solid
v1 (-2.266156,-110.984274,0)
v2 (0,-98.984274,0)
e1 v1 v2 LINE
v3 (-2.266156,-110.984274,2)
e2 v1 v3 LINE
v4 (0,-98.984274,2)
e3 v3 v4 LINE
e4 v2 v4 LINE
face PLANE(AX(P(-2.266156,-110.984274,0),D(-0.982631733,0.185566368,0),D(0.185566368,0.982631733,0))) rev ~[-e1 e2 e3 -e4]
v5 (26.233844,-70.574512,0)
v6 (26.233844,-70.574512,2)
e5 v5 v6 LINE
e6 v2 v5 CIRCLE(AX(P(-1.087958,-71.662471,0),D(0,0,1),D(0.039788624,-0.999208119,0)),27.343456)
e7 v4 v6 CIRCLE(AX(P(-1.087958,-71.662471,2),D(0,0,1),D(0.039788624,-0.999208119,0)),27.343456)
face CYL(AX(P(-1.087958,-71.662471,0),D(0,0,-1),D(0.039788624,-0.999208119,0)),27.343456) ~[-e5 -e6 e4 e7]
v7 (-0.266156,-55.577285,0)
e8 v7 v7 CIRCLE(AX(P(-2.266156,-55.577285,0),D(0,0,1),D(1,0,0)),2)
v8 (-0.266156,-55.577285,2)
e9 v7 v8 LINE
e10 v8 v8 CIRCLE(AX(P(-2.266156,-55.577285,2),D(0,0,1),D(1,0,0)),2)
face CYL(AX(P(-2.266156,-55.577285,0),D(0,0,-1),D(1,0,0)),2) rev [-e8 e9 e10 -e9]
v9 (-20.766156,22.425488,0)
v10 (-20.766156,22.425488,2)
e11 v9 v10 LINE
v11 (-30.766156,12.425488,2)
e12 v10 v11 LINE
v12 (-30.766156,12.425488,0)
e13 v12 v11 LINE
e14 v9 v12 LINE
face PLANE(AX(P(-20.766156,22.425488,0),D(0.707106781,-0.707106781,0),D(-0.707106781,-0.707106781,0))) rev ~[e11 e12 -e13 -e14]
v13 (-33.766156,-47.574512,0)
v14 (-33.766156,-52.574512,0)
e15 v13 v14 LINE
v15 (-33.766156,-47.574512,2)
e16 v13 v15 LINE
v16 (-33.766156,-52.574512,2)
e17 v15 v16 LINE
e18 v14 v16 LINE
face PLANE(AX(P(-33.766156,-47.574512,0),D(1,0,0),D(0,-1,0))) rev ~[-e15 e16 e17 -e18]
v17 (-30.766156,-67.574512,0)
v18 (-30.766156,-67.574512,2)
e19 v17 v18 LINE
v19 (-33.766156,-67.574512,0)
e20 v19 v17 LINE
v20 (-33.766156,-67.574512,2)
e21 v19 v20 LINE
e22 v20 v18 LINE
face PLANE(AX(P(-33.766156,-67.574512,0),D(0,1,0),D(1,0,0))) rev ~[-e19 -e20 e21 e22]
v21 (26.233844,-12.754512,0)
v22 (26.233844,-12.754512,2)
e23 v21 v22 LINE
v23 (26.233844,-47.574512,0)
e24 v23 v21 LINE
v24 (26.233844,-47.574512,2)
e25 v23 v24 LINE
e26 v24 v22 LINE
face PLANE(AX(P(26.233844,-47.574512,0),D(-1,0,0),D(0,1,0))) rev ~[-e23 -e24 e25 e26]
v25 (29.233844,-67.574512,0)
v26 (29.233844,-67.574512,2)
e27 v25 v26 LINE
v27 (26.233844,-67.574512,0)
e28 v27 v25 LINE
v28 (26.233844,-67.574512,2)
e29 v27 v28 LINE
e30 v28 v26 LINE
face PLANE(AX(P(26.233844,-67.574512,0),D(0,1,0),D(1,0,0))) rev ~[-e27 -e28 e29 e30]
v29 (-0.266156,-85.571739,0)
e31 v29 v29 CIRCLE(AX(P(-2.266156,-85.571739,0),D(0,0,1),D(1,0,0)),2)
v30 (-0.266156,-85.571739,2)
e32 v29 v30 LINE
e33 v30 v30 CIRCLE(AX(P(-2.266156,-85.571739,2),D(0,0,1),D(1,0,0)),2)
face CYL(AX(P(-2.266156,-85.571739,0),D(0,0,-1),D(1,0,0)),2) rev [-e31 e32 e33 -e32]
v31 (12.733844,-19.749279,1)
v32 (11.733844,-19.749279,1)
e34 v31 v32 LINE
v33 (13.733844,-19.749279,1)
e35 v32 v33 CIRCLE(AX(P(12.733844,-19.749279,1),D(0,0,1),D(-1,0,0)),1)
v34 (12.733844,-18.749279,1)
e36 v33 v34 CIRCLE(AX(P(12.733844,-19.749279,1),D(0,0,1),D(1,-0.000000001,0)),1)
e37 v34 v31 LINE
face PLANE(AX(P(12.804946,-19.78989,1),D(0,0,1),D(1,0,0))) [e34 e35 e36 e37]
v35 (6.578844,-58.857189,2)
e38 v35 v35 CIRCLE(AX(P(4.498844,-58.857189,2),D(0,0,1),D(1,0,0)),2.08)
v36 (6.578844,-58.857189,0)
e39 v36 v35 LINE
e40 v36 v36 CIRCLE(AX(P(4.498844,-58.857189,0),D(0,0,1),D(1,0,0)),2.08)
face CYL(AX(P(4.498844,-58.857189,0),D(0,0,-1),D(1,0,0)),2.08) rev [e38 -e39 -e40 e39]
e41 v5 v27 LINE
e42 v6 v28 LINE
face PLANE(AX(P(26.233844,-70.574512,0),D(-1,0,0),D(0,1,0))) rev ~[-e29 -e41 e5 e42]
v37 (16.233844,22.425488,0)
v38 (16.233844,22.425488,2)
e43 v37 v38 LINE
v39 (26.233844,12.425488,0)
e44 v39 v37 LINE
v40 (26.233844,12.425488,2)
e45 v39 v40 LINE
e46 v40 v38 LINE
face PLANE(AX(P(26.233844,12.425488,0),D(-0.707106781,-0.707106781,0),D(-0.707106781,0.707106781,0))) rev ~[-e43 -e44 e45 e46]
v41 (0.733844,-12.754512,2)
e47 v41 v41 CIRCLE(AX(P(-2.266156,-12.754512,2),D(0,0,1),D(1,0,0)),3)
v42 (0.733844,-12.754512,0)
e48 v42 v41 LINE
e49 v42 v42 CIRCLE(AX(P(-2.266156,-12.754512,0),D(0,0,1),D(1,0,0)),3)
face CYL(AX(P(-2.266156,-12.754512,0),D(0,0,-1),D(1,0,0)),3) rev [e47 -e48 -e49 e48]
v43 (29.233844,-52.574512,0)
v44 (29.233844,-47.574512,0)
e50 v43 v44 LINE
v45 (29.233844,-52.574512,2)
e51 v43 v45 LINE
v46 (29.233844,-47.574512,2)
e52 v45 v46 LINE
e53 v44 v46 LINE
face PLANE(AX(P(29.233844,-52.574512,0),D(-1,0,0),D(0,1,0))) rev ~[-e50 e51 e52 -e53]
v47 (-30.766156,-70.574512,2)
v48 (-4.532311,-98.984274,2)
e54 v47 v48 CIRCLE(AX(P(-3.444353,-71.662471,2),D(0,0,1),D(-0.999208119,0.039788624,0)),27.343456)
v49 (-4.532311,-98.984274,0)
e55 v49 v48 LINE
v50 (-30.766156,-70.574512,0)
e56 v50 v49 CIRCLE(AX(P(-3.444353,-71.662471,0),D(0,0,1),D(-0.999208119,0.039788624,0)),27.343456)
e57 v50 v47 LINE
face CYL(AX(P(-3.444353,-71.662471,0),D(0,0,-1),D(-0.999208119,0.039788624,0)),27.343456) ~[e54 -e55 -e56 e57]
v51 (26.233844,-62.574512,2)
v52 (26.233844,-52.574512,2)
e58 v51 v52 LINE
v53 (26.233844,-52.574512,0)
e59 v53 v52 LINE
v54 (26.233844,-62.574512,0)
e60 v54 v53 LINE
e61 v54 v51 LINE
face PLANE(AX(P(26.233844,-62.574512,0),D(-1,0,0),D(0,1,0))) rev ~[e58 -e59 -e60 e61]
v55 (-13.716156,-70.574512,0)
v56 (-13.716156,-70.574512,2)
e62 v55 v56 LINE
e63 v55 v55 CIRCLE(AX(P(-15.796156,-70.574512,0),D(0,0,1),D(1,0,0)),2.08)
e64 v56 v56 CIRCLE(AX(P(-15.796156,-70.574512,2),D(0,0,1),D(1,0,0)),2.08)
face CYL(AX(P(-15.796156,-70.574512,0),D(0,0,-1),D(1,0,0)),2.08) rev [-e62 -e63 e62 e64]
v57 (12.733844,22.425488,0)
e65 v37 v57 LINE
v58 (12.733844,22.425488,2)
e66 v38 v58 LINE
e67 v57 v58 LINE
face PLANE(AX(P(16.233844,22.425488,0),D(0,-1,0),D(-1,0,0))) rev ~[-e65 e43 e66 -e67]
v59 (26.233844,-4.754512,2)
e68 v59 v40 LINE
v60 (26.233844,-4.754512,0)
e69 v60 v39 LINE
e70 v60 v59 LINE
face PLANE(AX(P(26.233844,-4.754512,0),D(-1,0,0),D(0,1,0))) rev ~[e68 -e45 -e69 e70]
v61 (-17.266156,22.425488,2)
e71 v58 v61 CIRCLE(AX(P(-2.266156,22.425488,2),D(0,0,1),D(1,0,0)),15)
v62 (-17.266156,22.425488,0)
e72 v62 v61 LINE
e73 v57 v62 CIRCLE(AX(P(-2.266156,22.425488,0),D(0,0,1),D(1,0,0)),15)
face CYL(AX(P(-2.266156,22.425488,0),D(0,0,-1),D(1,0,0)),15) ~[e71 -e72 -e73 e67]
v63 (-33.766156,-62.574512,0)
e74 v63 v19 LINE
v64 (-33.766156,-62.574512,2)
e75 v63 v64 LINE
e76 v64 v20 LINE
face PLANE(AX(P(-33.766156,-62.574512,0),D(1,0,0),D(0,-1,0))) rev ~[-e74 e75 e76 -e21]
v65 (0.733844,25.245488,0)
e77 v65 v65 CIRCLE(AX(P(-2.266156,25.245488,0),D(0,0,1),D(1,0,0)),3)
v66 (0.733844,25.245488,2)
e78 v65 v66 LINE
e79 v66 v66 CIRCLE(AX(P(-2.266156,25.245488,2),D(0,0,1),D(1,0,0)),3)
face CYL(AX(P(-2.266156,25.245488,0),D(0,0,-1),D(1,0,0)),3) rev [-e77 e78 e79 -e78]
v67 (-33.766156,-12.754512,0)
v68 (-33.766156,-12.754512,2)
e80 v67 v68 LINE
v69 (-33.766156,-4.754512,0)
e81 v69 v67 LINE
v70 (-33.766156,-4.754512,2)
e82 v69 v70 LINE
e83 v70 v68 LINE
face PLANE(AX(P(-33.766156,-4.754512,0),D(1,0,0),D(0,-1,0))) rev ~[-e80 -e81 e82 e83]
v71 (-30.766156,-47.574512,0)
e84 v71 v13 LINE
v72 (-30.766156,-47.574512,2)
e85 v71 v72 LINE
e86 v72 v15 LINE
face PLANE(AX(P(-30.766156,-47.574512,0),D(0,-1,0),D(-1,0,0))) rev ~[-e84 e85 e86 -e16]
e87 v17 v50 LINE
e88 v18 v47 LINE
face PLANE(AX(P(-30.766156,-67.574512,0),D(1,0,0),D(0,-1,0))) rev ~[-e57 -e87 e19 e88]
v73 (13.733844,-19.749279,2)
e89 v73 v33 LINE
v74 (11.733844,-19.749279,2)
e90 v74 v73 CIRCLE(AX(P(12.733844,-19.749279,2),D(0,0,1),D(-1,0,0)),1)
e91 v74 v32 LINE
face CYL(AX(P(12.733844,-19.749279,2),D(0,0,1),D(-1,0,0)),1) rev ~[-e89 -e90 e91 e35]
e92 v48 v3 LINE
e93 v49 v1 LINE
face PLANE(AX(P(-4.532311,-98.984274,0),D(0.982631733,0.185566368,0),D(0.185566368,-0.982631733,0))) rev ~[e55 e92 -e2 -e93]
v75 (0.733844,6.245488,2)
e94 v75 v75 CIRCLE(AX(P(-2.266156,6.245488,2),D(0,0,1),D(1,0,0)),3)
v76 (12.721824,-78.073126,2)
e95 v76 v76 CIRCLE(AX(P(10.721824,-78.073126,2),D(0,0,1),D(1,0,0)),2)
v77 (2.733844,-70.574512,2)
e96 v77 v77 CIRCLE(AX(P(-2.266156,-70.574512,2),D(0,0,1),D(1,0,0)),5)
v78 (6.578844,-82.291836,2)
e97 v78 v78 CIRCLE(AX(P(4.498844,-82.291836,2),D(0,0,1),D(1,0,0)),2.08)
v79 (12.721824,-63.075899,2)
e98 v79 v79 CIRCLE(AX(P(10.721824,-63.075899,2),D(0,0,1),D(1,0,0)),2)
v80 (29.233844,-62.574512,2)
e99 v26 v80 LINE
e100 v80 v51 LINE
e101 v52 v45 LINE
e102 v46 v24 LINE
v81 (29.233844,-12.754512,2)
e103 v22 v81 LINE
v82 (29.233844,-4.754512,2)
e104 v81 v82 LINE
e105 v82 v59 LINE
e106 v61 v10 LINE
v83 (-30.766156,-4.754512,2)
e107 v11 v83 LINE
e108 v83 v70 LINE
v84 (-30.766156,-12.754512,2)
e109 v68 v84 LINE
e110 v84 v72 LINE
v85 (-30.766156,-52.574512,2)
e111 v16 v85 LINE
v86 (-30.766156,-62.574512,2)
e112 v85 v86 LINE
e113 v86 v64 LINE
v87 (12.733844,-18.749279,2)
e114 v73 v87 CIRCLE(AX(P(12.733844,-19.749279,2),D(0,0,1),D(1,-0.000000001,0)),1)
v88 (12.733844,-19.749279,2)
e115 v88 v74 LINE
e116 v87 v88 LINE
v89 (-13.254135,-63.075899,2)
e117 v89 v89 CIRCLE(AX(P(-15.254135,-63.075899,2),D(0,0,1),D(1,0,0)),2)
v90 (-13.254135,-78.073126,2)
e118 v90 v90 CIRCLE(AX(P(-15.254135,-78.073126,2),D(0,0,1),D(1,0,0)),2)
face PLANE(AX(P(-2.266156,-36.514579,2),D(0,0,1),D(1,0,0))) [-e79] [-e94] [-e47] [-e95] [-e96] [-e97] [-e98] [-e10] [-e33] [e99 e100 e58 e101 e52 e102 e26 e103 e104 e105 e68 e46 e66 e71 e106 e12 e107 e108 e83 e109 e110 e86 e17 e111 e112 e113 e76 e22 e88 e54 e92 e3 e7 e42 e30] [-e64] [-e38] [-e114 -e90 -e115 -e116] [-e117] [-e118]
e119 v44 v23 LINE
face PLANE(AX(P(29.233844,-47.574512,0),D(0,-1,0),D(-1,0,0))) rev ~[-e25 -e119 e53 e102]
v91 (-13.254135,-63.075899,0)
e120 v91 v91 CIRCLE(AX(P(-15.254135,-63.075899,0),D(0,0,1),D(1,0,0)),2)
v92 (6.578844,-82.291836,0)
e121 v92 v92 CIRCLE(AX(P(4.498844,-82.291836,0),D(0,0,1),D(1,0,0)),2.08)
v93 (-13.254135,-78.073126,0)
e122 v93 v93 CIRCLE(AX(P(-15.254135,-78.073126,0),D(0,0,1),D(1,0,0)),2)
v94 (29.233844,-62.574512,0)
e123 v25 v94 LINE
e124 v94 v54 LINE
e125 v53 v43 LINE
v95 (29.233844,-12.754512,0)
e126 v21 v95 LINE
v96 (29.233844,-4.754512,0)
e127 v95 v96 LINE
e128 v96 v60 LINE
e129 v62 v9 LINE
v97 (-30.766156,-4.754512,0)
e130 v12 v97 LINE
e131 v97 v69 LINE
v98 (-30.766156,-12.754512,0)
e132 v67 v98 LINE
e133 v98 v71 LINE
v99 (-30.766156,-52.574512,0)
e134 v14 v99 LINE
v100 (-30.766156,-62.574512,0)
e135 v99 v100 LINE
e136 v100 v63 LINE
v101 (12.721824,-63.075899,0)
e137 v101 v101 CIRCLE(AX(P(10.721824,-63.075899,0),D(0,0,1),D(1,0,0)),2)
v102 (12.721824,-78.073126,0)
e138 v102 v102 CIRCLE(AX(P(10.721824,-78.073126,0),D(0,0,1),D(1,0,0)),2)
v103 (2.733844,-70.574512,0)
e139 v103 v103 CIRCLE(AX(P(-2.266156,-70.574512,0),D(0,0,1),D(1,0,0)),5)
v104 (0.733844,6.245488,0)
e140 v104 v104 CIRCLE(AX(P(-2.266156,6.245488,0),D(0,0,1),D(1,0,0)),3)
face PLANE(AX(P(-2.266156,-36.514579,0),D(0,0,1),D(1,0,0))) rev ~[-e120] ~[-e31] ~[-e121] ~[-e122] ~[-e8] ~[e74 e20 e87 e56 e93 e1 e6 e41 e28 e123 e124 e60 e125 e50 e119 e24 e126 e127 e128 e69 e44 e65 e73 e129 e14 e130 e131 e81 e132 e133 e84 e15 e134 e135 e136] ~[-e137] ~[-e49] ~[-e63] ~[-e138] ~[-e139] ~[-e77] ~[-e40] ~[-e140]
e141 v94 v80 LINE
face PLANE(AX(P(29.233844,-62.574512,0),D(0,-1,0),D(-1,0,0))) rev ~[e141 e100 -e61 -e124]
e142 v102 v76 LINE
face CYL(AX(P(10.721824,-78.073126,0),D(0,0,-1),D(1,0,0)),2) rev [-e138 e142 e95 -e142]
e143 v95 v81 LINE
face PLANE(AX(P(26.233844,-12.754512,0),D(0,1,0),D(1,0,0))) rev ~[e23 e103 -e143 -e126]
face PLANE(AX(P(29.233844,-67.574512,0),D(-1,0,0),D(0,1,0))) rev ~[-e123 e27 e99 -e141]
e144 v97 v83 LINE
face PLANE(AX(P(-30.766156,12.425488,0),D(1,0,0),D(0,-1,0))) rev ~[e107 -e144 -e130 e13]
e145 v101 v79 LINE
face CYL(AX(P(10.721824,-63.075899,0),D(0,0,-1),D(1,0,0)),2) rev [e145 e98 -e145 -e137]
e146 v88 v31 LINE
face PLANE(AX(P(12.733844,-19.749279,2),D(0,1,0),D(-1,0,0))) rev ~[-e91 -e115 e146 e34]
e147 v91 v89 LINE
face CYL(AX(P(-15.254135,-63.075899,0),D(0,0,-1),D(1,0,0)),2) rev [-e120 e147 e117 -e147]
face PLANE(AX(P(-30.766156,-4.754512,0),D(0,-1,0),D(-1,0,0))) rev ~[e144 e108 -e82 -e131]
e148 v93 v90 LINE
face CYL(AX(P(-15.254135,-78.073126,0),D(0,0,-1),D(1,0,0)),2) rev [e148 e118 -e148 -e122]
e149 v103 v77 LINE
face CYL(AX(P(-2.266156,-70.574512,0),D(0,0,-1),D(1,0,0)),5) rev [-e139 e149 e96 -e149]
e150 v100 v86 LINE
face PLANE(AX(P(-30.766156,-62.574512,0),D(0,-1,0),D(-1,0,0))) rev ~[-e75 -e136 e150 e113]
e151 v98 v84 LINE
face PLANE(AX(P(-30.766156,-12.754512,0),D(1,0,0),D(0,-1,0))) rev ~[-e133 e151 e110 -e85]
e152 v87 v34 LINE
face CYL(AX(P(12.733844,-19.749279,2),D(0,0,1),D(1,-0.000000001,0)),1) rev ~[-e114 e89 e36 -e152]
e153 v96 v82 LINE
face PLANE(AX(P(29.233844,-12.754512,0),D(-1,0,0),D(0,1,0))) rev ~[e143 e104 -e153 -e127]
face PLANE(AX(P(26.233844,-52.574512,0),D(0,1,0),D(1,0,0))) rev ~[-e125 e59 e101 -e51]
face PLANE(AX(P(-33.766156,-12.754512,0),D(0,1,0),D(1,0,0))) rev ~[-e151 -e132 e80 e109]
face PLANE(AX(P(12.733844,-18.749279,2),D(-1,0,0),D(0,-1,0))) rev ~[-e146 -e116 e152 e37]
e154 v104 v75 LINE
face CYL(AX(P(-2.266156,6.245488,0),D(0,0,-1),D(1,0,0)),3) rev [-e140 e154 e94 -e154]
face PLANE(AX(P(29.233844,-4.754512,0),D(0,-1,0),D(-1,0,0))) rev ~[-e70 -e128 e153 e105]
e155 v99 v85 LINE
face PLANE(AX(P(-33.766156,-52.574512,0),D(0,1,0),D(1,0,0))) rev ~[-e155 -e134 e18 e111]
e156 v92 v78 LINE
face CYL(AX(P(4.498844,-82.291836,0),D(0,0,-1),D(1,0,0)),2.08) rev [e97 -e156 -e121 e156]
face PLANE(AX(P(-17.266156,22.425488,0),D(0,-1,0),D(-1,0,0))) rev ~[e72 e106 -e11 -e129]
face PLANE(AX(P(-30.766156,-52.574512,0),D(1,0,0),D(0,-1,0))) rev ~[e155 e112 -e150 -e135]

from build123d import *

# Parameters (mm, degrees)
SKETCH_1_R          = 2
SKETCH_1_R_2        = 2.08
SKETCH_1_R_3        = 5
SKETCH_1_R_4        = 3
EXTRUDE_1_DEPTH     = 2
CUT_EXTRUDE_1_DEPTH = 1


with BuildPart() as part:
    # 草图1 → 凸台-拉伸1 (new body)
    with BuildSketch(Plane.XY):
        with BuildLine():
            Line((26.233844386, -52.574512395), (29.233844386, -52.574512395))
            Line((29.233844386, -52.574512395), (29.233844386, -47.574512395))
            Line((29.233844386, -47.574512395), (26.233844386, -47.574512395))
            Line((26.233844386, -47.574512395), (26.233844386, -12.754512395))
            Line((26.233844386, -12.754512395), (29.233844386, -12.754512395))
            Line((29.233844386, -12.754512395), (29.233844386, -4.754512395))
            Line((29.233844386, -4.754512395), (26.233844386, -4.754512395))
            Line((26.233844386, -4.754512395), (26.233844386, -4.654512395))
            Line((26.233844386, -4.654512395), (26.233844386, 12.425487605))
            Line((26.233844386, 12.425487605), (16.233844386, 22.425487605))
            Line((16.233844386, 22.425487605), (12.733844386, 22.425487605))
            ThreePointArc((12.733844386, 22.425487605), (-2.266155614, 37.425487605), (-17.266155614, 22.425487605))
            Line((-17.266155614, 22.425487605), (-20.766155614, 22.425487605))
            Line((-20.766155614, 22.425487605), (-30.766155614, 12.425487605))
            Line((-30.766155614, 12.425487605), (-30.766155614, -4.654512395))
            Line((-30.766155614, -4.654512395), (-30.766155614, -4.754512395))
            Line((-30.766155614, -4.754512395), (-33.766155614, -4.754512395))
            Line((-33.766155614, -4.754512395), (-33.766155614, -12.754512395))
            Line((-33.766155614, -12.754512395), (-30.766155614, -12.754512395))
            Line((-30.766155614, -12.754512395), (-30.766155614, -47.574512395))
            Line((-30.766155614, -47.574512395), (-33.766155614, -47.574512395))
            Line((-33.766155614, -47.574512395), (-33.766155614, -52.574512395))
            Line((-33.766155614, -52.574512395), (-30.766155614, -52.574512395))
            Line((-30.766155614, -52.574512395), (-30.766155614, -54.574512395))
            Line((-30.766155614, -54.574512395), (-30.766155614, -57.574512395))
            Line((-30.766155614, -57.574512395), (-30.766155614, -62.574512395))
            Line((-30.766155614, -62.574512395), (-33.766155614, -62.574512395))
            Line((-33.766155614, -62.574512395), (-33.766155614, -67.574512395))
            Line((-33.766155614, -67.574512395), (-30.766155614, -67.574512395))
            Line((-30.766155614, -67.574512395), (-30.766155614, -70.574512395))
            ThreePointArc((-30.766155614, -70.574512395), (-23.533087643, -90.212600129), (-4.532311227, -98.984273724))
            Line((-4.532311227, -98.984273724), (-2.266155614, -110.984273724))
            Line((-2.266155614, -110.984273724), (0, -98.984273724))
            ThreePointArc((0, -98.984273724), (19.000776416, -90.212600129), (26.233844386, -70.574512395))
            Line((26.233844386, -70.574512395), (26.233844386, -67.574512395))
            Line((26.233844386, -67.574512395), (29.233844386, -67.574512395))
            Line((29.233844386, -67.574512395), (29.233844386, -62.574512395))
            Line((29.233844386, -62.574512395), (26.233844386, -62.574512395))
            Line((26.233844386, -62.574512395), (26.233844386, -57.574512395))
            Line((26.233844386, -57.574512395), (26.233844386, -54.574512395))
            Line((26.233844386, -54.574512395), (26.233844386, -52.574512395))
        make_face()
        with Locations((-2.266155614, -85.571739483)):
            Circle(SKETCH_1_R, mode=Mode.SUBTRACT)
        with Locations((-15.254135258, -78.073125939)):
            Circle(SKETCH_1_R, mode=Mode.SUBTRACT)
        with Locations((-15.254135258, -63.075898852)):
            Circle(SKETCH_1_R, mode=Mode.SUBTRACT)
        with Locations((-2.266155614, -55.577285308)):
            Circle(SKETCH_1_R, mode=Mode.SUBTRACT)
        with Locations((10.721824031, -63.075898852)):
            Circle(SKETCH_1_R, mode=Mode.SUBTRACT)
        with Locations((10.721824031, -78.073125939)):
            Circle(SKETCH_1_R, mode=Mode.SUBTRACT)
        with Locations((-15.796155614, -70.574512395)):
            Circle(SKETCH_1_R_2, mode=Mode.SUBTRACT)
        with Locations((4.498844386, -58.857188682)):
            Circle(SKETCH_1_R_2, mode=Mode.SUBTRACT)
        with Locations((4.498844386, -82.291836109)):
            Circle(SKETCH_1_R_2, mode=Mode.SUBTRACT)
        with Locations((-2.266155614, -70.574512395)):
            Circle(SKETCH_1_R_3, mode=Mode.SUBTRACT)
        with Locations((-2.266155614, -12.754512395)):
            Circle(SKETCH_1_R_4, mode=Mode.SUBTRACT)
        with Locations((-2.266155614, 6.245487605)):
            Circle(SKETCH_1_R_4, mode=Mode.SUBTRACT)
        with Locations((-2.266155614, 25.245487605)):
            Circle(SKETCH_1_R_4, mode=Mode.SUBTRACT)
    extrude(amount=EXTRUDE_1_DEPTH)

    # 草图2 → 切除-拉伸1 (cut)
    with BuildSketch(Plane.XY.offset(2)):
        with BuildLine():
            Line((12.733844386, -19.749278663), (11.733844386, -19.749278663))
            ThreePointArc((11.733844386, -19.749278663), (12.733844386, -20.749278663), (13.733844386, -19.749278663))
            ThreePointArc((13.733844386, -19.749278663), (13.440951168, -19.042171882), (12.733844386, -18.749278663))
            Line((12.733844386, -18.749278663), (12.733844386, -19.749278663))
        make_face()
    extrude(amount=-CUT_EXTRUDE_1_DEPTH, mode=Mode.SUBTRACT)


solid = part.part
